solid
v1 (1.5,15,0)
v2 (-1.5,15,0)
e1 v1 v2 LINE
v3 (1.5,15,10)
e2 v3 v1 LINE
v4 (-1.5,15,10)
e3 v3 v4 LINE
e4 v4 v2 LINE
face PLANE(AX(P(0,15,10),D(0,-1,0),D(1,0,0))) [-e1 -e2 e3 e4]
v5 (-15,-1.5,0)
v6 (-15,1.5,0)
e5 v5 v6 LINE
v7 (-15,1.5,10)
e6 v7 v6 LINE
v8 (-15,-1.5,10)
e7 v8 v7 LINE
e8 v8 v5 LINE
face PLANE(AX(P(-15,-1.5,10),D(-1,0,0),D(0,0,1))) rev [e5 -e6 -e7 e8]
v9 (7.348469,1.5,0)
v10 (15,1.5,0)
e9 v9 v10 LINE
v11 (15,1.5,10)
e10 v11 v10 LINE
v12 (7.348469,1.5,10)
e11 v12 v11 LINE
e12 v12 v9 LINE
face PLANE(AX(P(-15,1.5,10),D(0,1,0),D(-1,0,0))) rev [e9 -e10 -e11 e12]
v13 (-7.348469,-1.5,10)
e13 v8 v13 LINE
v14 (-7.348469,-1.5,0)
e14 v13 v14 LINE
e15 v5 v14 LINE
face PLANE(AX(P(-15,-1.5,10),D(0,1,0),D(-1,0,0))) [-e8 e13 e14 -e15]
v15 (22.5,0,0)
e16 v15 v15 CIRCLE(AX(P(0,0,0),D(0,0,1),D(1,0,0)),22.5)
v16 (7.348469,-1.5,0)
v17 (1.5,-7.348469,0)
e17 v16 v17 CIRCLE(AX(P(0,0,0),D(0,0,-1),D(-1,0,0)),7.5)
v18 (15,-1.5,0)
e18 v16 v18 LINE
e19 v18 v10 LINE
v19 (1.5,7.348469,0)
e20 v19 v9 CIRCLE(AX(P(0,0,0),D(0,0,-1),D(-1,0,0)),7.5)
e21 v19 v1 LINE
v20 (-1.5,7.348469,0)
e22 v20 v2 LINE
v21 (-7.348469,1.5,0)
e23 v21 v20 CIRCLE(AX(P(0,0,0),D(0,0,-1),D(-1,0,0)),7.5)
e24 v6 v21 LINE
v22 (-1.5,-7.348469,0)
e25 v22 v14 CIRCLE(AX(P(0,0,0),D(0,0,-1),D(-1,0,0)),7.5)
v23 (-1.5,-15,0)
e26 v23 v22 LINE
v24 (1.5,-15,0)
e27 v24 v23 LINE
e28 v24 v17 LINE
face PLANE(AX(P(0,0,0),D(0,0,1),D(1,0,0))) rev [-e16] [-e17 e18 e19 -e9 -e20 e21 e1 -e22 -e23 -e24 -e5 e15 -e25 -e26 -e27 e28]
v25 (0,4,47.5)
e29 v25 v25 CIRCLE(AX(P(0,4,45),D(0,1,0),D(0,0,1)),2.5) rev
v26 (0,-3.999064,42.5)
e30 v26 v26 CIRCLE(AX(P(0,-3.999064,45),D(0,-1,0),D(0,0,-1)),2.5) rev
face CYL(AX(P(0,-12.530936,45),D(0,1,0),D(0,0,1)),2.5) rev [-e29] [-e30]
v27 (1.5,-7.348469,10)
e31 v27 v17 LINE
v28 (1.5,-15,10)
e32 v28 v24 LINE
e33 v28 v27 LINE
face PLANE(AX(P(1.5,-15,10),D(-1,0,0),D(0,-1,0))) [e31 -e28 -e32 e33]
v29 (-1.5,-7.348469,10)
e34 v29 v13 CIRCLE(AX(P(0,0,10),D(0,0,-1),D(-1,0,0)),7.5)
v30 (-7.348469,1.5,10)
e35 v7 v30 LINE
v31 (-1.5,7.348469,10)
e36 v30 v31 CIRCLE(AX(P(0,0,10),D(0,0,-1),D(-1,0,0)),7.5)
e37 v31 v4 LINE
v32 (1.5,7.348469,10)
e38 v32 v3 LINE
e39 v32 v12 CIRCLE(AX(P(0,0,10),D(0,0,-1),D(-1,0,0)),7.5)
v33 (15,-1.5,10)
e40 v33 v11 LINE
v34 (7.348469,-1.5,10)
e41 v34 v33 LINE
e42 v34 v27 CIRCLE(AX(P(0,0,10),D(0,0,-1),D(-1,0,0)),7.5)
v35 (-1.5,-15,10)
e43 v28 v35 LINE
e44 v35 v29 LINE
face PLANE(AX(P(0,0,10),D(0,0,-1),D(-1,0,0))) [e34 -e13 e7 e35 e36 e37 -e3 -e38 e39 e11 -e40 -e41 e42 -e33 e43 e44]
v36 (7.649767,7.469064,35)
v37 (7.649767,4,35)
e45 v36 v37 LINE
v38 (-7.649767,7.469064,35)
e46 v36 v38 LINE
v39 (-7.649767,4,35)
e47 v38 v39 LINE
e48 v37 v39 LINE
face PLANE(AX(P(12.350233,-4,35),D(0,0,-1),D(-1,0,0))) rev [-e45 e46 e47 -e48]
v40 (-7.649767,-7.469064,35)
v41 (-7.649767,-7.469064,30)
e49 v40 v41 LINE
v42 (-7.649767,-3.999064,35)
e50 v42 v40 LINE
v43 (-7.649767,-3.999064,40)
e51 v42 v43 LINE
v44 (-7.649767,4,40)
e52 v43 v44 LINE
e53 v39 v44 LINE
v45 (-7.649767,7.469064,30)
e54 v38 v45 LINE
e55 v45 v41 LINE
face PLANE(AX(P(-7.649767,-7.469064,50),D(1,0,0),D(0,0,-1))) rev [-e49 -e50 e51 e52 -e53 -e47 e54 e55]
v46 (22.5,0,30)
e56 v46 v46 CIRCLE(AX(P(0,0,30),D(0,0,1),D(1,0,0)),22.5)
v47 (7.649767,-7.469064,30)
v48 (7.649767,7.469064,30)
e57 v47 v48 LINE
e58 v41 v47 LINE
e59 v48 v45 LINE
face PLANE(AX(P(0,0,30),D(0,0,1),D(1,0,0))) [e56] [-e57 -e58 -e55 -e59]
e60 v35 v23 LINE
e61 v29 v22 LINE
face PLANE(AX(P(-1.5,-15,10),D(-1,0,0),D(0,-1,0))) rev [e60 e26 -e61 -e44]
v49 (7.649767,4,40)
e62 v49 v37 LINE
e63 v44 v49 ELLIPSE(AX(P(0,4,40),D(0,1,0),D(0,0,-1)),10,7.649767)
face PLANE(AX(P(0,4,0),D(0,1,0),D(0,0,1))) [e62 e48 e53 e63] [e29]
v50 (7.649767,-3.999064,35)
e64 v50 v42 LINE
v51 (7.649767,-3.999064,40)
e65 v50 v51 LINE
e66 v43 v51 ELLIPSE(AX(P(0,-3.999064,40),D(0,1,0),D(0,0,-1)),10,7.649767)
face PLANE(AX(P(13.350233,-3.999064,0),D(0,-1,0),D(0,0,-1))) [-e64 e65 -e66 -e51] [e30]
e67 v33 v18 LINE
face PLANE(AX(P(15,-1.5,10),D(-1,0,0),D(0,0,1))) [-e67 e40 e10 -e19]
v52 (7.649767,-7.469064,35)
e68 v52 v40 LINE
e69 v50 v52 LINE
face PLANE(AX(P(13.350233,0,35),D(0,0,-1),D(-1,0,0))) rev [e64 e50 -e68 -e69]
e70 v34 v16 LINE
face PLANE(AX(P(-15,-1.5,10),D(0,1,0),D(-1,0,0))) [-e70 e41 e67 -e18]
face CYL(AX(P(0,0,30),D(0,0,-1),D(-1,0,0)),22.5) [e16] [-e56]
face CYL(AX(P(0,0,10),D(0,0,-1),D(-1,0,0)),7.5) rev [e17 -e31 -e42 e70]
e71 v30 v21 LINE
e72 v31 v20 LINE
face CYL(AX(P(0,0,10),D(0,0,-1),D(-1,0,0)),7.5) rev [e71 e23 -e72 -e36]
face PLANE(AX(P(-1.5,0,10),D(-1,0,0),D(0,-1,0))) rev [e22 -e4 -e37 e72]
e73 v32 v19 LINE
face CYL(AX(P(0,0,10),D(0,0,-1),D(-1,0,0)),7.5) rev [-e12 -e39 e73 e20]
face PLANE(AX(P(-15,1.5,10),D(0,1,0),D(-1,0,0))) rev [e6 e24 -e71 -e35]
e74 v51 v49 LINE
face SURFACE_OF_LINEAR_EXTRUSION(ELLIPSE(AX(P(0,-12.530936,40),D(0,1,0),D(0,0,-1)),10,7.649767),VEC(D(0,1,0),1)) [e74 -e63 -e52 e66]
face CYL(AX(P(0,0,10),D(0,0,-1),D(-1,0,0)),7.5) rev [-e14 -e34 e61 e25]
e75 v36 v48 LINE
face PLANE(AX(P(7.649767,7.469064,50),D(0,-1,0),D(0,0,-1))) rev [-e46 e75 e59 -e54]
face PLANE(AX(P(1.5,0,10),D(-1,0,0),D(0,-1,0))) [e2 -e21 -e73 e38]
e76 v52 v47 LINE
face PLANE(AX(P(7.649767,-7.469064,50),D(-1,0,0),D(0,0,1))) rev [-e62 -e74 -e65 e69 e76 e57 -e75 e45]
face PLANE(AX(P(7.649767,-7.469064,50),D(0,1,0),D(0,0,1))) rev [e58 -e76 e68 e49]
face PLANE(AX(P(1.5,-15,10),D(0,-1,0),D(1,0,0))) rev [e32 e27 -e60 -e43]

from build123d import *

# Parameters (mm, degrees)
SKETCH1_R               = 22.5
BOSS_EXTRUDE1_DEPTH     = 30
SKETCH2_R               = 7.5
SKETCH2_W               = 3
SKETCH2_H               = 30
SKETCH2_W_2             = 30
SKETCH2_H_2             = 3
CUT_EXTRUDE1_DEPTH      = 10
SKETCH3_W               = 15.299534312
SKETCH3_H               = 14.93812799
BOSS_EXTRUDE2_DEPTH     = 20
CUT_EXTRUDE2_DEPTH      = 20
SKETCH5_R               = 2.5
CUT_EXTRUDE4_DEPTH      = 20
SKETCH10_W              = 15.299534312
SKETCH10_H              = 5
CUT_EXTRUDE5_DEPTH      = 23
CUT_EXTRUDE5_DEPTH_BACK = 11.4
SKETCH11_W              = 15.299534312
SKETCH11_H              = 5
SKETCH11_R              = 2.5
BOSS_EXTRUDE3_DEPTH     = 8
SKETCH13_W              = 10
SKETCH13_H              = 3.47
SKETCH13_W_2            = 5
CUT_EXTRUDE6_DEPTH      = 21


with BuildPart() as part:
    # Sketch1 → Boss-Extrude1 (new body)
    with BuildSketch(Plane.XY):
        Circle(SKETCH1_R)
    extrude(amount=BOSS_EXTRUDE1_DEPTH)

    # Sketch2 → Cut-Extrude1 (cut)
    with BuildSketch(Plane(origin=(0, 0, 0), x_dir=(-1, 0, 0), z_dir=(0, 0, -1))):
        Circle(SKETCH2_R)
        Rectangle(SKETCH2_W, SKETCH2_H)
        Rectangle(SKETCH2_W_2, SKETCH2_H_2)
    extrude(amount=-CUT_EXTRUDE1_DEPTH, mode=Mode.SUBTRACT)

    # Sketch3 → Boss-Extrude2 (add)
    with BuildSketch(Plane.XY.offset(30)):
        Rectangle(SKETCH3_W, SKETCH3_H)
    extrude(amount=BOSS_EXTRUDE2_DEPTH)

    # Sketch4 → Cut-Extrude2 (cut)
    with BuildSketch(Plane.ZY.offset(7.649767156)):
        Polygon((40, 4), (50, 4), (50, 0), (50, -4), (40, -4), (35, -4), (35, 4), align=None)
    extrude(amount=-CUT_EXTRUDE2_DEPTH, mode=Mode.SUBTRACT)

    # Sketch5 → Cut-Extrude4 (cut)
    with BuildSketch(Plane(origin=(0, 7.469063995, 0), x_dir=(1, 0, 0), z_dir=(0, 1, 0))):
        with Locations((0, -45)):
            Circle(SKETCH5_R)
        with BuildLine():
            Line((7.649767156, -50), (7.649767156, -40))
            add(Edge.make_bspline(
                [(0, -50), (7.649767156, -50), (7.649767156, -40)],
                knots=[3.141592654, 3.141592654, 3.141592654, 4.71238898, 4.71238898, 4.71238898], degree=2, weights=[1, 0.707106781, 1]))
            Line((0, -50), (7.649767156, -50))
        make_face()
        with BuildLine():
            Line((-7.649767156, -50), (0, -50))
            add(Edge.make_bspline(
                [(-7.649767156, -40), (-7.649767156, -50), (0, -50)],
                knots=[1.570796327, 1.570796327, 1.570796327, 3.141592654, 3.141592654, 3.141592654], degree=2, weights=[1, 0.707106781, 1]))
            Line((-7.649767156, -40), (-7.649767156, -50))
        make_face()
    extrude(amount=-CUT_EXTRUDE4_DEPTH, mode=Mode.SUBTRACT)

    # Sketch10 → Cut-Extrude5 (cut, two sides)
    with BuildSketch(Plane(origin=(0, 7.469063995, 0), x_dir=(1, 0, 0), z_dir=(0, 1, 0))) as cut_extrude5_sk:
        with Locations((0, -37.5)):
            Rectangle(SKETCH10_W, SKETCH10_H)
        with BuildLine():
            Line((7.649767156, -40), (-7.649767156, -40))
            add(Edge.make_bspline(
                [(-7.649767156, -40), (-7.649767156, -50), (0, -50), (7.649767156, -50), (7.649767156, -40)],
                knots=[4.71238898, 4.71238898, 4.71238898, 6.283185307, 6.283185307, 7.853981634, 7.853981634, 7.853981634], degree=2, weights=[1, 0.707106781, 1, 0.707106781, 1]))
        make_face()
    extrude(amount=CUT_EXTRUDE5_DEPTH, mode=Mode.SUBTRACT)
    extrude(cut_extrude5_sk.sketch, amount=-CUT_EXTRUDE5_DEPTH_BACK, mode=Mode.SUBTRACT)

    # Sketch11 → Boss-Extrude3 (add)
    with BuildSketch(Plane(origin=(0, -4, 0), x_dir=(1, 0, 0), z_dir=(0, 1, 0))):
        with Locations((0, -37.5)):
            Rectangle(SKETCH11_W, SKETCH11_H)
        with BuildLine():
            Line((7.649767156, -40), (-7.649767156, -40))
            add(Edge.make_bspline(
                [(-7.649767156, -40), (-7.649767156, -50), (0, -50), (7.649767156, -50), (7.649767156, -40)],
                knots=[4.71238898, 4.71238898, 4.71238898, 6.283185307, 6.283185307, 7.853981634, 7.853981634, 7.853981634], degree=2, weights=[1, 0.707106781, 1, 0.707106781, 1]))
        make_face()
        with Locations((0, -45)):
            Circle(SKETCH11_R, mode=Mode.SUBTRACT)
    extrude(amount=BOSS_EXTRUDE3_DEPTH)

    # Sketch13 → Cut-Extrude6 (cut)
    with BuildSketch(Plane.ZY.offset(7.649767156)):
        with Locations((45, -5.734063995)):
            Rectangle(SKETCH13_W, SKETCH13_H)
        with Locations((37.5, -5.734063995)):
            Rectangle(SKETCH13_W_2, SKETCH13_H)
    extrude(amount=-CUT_EXTRUDE6_DEPTH, mode=Mode.SUBTRACT)


solid = part.part
